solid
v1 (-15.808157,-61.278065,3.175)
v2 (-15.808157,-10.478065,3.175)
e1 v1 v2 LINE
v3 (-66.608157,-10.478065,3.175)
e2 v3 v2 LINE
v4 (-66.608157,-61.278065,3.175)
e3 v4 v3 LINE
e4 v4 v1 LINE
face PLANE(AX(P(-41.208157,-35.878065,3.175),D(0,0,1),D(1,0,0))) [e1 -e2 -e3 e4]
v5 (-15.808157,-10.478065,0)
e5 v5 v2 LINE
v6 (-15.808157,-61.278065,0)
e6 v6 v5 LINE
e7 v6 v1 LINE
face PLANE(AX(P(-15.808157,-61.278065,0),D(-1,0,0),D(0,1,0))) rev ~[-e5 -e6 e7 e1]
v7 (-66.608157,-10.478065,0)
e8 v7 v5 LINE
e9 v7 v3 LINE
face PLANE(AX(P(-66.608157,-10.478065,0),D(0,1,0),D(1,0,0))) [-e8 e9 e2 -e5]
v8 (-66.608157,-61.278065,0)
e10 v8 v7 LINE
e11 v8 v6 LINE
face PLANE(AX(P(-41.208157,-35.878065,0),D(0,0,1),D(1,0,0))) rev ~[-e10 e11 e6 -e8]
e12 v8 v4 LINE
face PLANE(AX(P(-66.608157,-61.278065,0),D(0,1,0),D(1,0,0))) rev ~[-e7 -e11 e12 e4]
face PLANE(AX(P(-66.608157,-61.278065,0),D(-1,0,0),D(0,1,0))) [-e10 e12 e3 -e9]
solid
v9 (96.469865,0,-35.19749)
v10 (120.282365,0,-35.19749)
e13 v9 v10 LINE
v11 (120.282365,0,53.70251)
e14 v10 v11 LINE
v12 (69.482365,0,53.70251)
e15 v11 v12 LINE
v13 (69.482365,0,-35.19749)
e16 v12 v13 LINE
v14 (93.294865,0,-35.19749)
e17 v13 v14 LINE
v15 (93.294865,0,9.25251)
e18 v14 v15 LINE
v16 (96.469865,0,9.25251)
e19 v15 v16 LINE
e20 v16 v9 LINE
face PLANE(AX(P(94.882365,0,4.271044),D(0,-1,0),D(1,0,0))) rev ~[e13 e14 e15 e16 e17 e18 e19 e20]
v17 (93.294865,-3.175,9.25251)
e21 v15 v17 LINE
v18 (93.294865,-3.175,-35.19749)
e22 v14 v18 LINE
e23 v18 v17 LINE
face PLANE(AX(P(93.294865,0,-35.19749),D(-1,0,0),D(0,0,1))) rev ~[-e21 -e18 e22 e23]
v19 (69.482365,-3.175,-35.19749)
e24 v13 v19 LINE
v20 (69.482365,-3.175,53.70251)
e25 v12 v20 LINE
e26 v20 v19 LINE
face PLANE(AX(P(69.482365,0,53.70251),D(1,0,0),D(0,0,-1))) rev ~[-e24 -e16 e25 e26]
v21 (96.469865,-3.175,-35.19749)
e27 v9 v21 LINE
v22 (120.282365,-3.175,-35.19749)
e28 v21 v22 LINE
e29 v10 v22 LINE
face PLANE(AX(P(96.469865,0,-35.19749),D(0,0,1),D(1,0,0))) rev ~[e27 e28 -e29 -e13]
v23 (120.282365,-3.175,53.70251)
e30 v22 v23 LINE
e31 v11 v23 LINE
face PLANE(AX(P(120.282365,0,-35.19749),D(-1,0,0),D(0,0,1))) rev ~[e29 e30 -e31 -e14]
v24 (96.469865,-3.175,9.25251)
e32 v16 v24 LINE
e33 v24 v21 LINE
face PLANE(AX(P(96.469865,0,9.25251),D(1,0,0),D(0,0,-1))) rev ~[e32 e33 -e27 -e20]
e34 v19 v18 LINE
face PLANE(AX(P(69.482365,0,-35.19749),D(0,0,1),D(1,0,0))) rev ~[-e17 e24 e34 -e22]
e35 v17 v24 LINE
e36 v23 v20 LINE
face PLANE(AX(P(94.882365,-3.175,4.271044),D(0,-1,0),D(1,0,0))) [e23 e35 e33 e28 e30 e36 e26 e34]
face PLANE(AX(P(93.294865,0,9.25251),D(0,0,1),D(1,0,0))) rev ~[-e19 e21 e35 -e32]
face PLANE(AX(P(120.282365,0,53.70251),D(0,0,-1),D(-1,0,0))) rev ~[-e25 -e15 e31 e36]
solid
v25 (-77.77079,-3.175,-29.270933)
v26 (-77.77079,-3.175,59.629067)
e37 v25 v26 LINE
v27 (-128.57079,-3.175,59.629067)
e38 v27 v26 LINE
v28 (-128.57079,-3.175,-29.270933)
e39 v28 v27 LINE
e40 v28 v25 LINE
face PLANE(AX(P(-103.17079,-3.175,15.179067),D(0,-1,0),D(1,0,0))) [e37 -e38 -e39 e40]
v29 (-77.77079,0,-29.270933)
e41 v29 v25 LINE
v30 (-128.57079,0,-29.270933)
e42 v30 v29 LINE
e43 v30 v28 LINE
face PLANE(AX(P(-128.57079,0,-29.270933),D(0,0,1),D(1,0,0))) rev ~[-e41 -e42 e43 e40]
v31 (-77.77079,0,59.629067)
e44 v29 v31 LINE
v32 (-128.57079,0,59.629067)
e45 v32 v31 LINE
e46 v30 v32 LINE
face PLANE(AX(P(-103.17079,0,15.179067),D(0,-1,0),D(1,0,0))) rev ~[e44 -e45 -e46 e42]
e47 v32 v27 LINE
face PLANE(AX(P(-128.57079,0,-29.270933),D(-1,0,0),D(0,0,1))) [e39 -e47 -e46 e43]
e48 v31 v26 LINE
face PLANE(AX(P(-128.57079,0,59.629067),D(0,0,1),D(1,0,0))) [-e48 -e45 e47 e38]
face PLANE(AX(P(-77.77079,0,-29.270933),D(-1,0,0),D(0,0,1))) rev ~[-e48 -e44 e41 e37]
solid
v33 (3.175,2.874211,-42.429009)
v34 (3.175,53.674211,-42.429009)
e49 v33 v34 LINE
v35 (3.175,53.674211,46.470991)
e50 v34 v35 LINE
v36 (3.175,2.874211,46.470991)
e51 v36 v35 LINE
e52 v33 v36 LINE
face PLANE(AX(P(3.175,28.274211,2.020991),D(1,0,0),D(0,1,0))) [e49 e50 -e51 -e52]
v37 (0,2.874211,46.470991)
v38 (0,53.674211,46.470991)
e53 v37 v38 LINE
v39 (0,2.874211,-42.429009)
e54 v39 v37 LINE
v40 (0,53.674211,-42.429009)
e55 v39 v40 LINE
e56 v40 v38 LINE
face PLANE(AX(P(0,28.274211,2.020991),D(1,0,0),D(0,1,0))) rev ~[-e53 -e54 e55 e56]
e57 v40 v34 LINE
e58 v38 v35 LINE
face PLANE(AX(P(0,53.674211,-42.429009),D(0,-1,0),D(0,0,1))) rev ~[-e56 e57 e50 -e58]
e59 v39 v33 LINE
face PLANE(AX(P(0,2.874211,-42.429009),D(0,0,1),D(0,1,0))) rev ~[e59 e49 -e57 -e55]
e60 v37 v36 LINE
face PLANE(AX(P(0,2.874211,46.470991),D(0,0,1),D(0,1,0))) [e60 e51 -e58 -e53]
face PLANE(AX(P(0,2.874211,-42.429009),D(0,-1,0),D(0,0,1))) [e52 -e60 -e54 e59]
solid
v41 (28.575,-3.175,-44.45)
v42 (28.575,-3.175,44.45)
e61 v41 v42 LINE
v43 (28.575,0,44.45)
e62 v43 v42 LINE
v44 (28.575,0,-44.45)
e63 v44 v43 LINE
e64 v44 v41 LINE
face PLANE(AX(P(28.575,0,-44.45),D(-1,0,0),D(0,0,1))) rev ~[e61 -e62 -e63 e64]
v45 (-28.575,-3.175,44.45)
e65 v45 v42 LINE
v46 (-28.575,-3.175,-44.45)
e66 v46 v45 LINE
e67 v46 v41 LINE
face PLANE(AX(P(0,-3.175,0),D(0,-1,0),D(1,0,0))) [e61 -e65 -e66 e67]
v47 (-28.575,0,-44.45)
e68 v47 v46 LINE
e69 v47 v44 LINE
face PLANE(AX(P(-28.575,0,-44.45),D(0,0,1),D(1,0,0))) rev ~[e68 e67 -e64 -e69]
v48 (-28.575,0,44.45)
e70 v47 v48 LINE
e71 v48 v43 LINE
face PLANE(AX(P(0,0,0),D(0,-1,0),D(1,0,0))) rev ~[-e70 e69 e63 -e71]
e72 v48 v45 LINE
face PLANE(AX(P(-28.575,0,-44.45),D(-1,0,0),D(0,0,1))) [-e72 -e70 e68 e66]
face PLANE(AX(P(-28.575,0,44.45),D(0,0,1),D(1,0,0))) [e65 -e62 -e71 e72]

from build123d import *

# Parameters (mm, degrees)
F0_W      = 57.15
F0_H      = 88.9
F1_DEPTH  = 3.175
F4_W      = 50.8
F4_H      = 88.9
F5_DEPTH  = 3.175
F6_W      = 50.8
F6_H      = 50.8
F7_DEPTH  = 3.175
F8_W      = 50.8
F8_H      = 88.9
F9_DEPTH  = 3.175
F11_DEPTH = 3.175


with BuildPart() as f1:
    # F0 (on Front) → F1 (new body)
    with BuildSketch(Plane.XZ):
        Rectangle(F0_W, F0_H)
    extrude(amount=F1_DEPTH)


with BuildPart() as f2_1:
    # F2: copy of F1
    add(f1.part)


with BuildPart() as f5:
    # F4 (on Right) → F5 (new body)
    with BuildSketch(Plane.YZ):
        with Locations((28.274211, 2.020991)):
            Rectangle(F4_W, F4_H)
    extrude(amount=F5_DEPTH)


with BuildPart() as f7:
    # F6 (on Top) → F7 (new body)
    with BuildSketch(Plane.XY):
        with Locations((-41.208157, -35.878065)):
            Rectangle(F6_W, F6_H)
    extrude(amount=F7_DEPTH)


with BuildPart() as f9:
    # F8 (on Front) → F9 (new body)
    with BuildSketch(Plane.XZ):
        with Locations((-103.17079, 15.179067)):
            Rectangle(F8_W, F8_H)
    extrude(amount=F9_DEPTH)


with BuildPart() as f11:
    # F10 (on Front) → F11 (new body)
    with BuildSketch(Plane.XZ):
        Polygon((120.282365, 53.70251), (69.482365, 53.70251), (69.482365, -35.19749), (93.294865, -35.19749), (93.294865, 9.25251), (96.469865, 9.25251), (96.469865, -35.19749), (120.282365, -35.19749), align=None)
    extrude(amount=F11_DEPTH)


solid = Compound([f1.part, f5.part, f7.part, f9.part, f11.part])
